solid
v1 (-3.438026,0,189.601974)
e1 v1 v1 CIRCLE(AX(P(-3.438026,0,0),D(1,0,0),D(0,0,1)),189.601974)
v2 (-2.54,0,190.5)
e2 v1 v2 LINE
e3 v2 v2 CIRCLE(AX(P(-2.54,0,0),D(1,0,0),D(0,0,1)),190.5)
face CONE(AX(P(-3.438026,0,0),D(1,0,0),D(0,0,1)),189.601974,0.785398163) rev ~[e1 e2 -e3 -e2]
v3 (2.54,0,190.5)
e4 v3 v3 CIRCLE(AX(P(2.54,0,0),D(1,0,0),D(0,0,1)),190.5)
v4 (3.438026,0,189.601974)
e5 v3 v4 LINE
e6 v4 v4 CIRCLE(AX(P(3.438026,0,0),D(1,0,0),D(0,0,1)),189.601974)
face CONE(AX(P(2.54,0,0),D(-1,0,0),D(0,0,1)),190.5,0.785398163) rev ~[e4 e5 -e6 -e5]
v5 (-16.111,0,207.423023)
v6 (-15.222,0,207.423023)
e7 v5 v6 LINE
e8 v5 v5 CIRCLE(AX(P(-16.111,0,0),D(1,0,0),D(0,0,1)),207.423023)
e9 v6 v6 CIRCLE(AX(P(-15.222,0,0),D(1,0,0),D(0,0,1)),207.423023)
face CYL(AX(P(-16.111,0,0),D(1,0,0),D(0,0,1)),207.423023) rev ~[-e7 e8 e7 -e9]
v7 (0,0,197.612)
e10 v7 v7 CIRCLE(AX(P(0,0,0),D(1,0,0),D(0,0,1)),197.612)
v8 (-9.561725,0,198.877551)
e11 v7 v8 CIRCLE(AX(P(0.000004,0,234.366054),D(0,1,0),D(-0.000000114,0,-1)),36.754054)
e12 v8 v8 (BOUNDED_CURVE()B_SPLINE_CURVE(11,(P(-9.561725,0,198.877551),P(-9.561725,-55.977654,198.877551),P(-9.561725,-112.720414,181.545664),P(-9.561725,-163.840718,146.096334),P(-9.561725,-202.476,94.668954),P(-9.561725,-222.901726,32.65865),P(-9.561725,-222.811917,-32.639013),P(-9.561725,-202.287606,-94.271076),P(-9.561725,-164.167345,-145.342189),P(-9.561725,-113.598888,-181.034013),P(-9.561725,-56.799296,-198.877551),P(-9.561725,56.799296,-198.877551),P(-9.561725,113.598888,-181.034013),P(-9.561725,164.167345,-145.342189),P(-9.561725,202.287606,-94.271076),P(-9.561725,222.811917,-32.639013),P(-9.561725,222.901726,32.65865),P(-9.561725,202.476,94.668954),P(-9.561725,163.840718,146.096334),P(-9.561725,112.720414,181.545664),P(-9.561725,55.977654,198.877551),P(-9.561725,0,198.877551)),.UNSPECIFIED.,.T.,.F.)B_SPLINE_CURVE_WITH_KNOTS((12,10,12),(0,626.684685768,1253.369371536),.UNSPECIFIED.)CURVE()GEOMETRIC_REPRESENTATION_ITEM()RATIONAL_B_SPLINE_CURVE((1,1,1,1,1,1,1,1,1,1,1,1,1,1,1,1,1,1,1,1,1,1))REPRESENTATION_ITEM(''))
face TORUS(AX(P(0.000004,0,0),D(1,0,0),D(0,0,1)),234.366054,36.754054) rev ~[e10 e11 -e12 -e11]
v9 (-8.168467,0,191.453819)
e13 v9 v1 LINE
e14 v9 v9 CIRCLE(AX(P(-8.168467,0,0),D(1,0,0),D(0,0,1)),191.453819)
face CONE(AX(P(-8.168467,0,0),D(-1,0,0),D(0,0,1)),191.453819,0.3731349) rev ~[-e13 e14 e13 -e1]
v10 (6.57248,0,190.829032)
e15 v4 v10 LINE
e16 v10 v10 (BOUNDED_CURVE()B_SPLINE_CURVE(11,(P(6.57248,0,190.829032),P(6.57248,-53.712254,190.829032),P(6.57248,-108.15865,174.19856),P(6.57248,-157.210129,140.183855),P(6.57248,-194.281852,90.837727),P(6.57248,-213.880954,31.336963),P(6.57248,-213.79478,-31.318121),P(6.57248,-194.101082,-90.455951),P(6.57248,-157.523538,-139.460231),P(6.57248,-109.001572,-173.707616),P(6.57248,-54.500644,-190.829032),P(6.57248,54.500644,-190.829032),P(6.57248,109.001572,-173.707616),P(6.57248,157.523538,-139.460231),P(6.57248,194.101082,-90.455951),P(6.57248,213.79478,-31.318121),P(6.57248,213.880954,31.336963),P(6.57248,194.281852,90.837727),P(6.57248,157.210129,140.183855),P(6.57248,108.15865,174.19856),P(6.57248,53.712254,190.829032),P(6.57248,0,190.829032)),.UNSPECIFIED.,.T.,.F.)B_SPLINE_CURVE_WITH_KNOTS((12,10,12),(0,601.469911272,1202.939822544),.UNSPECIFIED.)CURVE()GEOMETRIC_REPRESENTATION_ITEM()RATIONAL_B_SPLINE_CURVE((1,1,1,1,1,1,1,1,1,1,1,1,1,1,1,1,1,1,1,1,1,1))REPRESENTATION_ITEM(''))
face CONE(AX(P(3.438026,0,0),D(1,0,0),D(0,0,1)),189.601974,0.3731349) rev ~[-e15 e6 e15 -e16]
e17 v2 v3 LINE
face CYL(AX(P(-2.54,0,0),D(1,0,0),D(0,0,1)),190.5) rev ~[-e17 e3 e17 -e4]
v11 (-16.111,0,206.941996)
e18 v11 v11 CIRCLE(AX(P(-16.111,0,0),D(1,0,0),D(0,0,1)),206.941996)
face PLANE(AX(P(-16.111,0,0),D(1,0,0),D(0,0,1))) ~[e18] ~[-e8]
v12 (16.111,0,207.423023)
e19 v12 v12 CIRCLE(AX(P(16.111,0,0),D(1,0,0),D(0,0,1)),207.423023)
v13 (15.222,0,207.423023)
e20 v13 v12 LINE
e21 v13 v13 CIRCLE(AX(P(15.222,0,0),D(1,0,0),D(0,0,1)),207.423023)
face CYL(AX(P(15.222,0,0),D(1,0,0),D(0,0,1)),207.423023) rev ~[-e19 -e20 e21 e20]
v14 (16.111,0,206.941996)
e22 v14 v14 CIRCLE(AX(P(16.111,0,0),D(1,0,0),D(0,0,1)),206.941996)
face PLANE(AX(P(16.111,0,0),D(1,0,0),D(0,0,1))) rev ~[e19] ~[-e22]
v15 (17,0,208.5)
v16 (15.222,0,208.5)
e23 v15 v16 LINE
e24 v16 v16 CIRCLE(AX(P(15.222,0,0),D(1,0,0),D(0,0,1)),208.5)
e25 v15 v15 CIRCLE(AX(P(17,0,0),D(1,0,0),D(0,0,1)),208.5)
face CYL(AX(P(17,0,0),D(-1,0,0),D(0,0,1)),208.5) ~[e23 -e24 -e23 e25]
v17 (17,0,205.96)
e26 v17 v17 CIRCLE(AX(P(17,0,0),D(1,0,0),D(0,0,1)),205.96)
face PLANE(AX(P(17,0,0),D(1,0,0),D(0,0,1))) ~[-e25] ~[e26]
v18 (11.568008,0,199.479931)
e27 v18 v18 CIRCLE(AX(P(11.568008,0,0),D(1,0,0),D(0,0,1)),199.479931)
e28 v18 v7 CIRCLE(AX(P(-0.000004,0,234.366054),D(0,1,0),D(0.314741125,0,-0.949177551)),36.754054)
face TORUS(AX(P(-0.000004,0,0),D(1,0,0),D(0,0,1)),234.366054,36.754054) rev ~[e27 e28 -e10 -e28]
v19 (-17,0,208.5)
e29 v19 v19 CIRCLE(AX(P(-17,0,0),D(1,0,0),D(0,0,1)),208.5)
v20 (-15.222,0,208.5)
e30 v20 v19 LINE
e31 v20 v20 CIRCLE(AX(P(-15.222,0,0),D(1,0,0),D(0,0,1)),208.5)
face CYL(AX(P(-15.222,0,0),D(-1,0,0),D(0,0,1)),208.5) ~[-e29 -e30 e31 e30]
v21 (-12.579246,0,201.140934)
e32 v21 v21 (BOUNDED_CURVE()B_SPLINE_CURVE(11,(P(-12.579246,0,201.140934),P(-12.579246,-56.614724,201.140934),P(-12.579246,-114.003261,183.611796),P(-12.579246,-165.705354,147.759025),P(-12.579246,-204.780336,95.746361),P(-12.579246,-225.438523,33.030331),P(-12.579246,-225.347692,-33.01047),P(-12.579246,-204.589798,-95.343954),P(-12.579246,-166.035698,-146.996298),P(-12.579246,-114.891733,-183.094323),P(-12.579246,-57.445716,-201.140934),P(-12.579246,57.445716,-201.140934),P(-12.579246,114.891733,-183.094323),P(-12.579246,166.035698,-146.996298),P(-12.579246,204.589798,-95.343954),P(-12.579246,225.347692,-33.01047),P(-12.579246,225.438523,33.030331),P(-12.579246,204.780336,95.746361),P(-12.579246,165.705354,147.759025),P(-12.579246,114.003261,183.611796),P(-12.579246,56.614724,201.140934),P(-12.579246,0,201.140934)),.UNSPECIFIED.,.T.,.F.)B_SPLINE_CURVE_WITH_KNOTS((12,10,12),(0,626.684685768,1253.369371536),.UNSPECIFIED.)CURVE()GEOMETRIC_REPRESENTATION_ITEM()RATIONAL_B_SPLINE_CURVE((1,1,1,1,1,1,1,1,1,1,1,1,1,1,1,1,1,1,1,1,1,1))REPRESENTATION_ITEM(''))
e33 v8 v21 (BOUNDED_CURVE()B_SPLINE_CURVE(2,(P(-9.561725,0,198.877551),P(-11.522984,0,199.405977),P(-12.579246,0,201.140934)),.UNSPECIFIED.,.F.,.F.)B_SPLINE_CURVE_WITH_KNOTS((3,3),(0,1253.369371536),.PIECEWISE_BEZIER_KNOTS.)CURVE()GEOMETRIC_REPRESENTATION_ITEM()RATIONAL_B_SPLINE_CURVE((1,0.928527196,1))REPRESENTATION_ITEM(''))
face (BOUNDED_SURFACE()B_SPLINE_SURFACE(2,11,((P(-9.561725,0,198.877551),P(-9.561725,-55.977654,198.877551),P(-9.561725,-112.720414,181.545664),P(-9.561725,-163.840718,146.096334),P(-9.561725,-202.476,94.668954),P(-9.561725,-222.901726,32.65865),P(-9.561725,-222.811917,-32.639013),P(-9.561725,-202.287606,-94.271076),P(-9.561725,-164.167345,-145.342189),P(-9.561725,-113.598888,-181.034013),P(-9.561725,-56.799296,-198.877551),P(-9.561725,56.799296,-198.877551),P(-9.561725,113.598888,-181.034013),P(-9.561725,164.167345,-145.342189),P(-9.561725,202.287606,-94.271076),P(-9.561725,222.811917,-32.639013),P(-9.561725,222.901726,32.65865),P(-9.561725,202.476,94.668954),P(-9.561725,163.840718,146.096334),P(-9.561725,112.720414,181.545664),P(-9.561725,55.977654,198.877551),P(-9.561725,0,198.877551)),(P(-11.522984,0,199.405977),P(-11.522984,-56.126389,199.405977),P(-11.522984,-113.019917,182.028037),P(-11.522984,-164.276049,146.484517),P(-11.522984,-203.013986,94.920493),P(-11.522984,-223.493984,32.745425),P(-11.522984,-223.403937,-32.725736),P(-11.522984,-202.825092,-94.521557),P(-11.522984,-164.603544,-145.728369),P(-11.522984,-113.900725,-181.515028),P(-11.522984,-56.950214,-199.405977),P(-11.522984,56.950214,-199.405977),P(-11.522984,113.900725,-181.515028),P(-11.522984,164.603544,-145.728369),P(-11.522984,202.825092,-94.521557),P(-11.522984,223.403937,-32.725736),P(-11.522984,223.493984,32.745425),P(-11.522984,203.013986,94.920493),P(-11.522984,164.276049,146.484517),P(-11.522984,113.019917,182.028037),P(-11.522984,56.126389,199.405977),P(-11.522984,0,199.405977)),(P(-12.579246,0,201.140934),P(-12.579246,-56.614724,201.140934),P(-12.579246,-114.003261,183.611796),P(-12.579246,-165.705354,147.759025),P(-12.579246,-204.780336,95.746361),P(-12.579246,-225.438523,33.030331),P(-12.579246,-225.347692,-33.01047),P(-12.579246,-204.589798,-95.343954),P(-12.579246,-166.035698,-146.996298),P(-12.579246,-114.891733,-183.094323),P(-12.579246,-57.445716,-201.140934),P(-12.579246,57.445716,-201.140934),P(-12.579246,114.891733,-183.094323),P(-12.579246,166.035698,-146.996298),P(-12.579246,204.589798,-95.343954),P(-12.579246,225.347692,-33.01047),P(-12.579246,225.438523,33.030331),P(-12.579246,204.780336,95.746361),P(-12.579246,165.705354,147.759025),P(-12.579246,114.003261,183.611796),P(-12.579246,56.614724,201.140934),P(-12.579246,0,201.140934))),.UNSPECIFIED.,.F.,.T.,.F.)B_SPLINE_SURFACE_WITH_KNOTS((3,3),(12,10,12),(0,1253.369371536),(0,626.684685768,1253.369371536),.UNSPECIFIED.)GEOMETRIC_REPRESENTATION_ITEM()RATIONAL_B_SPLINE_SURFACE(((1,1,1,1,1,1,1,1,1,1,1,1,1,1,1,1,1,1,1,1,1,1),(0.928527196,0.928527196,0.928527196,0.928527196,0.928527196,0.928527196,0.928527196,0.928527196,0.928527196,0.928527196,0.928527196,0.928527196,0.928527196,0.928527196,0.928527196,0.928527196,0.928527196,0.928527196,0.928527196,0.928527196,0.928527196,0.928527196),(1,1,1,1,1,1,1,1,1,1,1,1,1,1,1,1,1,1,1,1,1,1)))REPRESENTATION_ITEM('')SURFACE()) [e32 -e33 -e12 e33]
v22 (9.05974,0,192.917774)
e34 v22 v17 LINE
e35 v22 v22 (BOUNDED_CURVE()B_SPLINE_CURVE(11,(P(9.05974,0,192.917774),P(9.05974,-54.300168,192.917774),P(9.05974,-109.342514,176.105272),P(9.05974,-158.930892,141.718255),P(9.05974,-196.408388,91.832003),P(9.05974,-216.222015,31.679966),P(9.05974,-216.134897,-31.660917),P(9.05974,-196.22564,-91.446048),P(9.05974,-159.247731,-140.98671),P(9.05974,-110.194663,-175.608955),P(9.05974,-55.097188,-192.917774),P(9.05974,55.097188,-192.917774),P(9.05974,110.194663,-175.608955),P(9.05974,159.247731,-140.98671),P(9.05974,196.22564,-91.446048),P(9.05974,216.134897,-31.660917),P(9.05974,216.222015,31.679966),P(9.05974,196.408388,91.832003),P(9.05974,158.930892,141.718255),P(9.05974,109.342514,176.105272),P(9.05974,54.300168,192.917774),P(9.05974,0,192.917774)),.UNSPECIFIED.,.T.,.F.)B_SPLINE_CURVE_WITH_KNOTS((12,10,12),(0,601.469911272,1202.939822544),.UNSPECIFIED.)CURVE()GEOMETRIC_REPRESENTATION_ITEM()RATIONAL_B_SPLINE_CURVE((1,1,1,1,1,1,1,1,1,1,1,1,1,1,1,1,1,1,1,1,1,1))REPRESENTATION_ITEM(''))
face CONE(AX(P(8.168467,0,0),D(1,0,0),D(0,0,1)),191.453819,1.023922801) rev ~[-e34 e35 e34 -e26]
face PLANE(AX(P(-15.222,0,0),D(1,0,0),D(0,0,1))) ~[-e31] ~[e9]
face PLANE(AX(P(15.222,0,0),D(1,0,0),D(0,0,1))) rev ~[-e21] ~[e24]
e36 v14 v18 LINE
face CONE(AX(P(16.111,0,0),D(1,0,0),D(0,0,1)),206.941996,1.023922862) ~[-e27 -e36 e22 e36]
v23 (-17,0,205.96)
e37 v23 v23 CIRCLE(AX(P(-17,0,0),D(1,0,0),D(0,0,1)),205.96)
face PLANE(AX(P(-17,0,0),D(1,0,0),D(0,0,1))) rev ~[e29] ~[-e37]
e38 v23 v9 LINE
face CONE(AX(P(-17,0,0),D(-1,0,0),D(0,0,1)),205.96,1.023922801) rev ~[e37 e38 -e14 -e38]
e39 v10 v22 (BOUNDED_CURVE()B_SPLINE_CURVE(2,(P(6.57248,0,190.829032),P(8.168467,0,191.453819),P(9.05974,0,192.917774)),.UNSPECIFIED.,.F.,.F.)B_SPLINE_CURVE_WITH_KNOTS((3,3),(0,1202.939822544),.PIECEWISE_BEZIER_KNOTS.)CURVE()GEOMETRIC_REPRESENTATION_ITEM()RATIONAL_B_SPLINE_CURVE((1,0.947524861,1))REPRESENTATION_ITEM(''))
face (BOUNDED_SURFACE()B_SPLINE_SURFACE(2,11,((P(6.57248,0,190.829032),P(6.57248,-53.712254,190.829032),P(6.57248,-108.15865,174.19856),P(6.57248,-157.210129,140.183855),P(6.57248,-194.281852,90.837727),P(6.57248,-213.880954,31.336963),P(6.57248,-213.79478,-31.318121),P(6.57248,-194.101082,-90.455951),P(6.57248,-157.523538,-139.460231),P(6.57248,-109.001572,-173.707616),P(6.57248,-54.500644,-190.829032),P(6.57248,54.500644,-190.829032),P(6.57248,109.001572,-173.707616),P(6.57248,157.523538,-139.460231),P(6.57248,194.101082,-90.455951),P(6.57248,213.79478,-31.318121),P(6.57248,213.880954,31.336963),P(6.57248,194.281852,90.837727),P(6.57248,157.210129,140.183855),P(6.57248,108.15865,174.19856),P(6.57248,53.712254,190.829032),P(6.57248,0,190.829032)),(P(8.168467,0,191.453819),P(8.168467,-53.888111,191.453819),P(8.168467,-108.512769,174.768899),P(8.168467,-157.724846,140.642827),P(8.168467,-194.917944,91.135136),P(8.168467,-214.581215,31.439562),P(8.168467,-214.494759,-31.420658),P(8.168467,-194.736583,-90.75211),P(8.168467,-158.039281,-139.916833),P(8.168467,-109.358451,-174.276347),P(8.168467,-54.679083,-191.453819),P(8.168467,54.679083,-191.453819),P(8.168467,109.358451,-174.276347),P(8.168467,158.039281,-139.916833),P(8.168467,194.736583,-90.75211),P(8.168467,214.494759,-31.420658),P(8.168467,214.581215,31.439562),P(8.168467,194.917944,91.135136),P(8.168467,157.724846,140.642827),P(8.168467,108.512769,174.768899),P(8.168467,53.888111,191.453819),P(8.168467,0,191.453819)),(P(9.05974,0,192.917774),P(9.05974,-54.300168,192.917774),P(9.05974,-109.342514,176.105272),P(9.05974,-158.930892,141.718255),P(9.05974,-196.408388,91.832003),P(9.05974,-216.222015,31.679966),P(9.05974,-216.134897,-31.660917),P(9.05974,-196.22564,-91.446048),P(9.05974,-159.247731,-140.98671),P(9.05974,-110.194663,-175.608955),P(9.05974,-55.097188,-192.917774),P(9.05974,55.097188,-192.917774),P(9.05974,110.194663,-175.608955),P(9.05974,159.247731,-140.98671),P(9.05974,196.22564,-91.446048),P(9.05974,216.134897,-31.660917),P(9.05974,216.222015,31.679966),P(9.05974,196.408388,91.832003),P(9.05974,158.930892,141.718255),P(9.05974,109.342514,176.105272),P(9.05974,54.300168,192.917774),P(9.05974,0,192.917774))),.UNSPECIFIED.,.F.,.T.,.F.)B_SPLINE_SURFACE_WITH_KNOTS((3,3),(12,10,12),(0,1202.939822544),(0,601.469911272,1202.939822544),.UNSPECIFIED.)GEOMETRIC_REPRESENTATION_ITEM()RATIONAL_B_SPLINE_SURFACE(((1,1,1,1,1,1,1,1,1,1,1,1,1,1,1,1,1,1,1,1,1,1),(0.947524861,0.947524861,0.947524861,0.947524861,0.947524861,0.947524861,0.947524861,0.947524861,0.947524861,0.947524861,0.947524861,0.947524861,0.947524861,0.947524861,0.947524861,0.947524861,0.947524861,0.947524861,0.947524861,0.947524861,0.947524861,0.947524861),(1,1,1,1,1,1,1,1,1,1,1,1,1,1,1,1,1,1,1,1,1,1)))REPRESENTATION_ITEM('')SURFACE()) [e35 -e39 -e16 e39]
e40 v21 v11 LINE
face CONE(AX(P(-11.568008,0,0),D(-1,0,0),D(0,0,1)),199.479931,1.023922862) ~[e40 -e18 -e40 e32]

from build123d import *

# Parameters (mm, degrees)
F2_R = 5.08


with BuildPart() as f1:
    # F0 (on Front) → F1 (revolve)
    with BuildSketch(Plane.XZ):
        with BuildLine():
            Line((3.438026, 189.601974), (8.168467, 191.453819))
            Line((8.168467, 191.453819), (17, 205.96))
            Line((17, 205.96), (17, 208.5))
            Line((17, 208.5), (15.222, 208.5))
            Line((15.222, 208.5), (15.222, 207.423023))
            Line((15.222, 207.423023), (16.111, 207.423023))
            Line((16.111, 207.423023), (16.111, 206.941996))
            Line((16.111, 206.941996), (11.568008, 199.479931))
            ThreePointArc((11.568008, 199.479931), (5.858924, 198.081988), (0, 197.612))
            ThreePointArc((0, 197.612), (-5.858924, 198.081988), (-11.568008, 199.479931))
            Line((-11.568008, 199.479931), (-16.111, 206.941996))
            Line((-16.111, 206.941996), (-16.111, 207.423023))
            Line((-16.111, 207.423023), (-15.222, 207.423023))
            Line((-15.222, 207.423023), (-15.222, 208.5))
            Line((-15.222, 208.5), (-17, 208.5))
            Line((-17, 208.5), (-17, 205.96))
            Line((-17, 205.96), (-8.168467, 191.453819))
            Line((-8.168467, 191.453819), (-3.438026, 189.601974))
            Line((-3.438026, 189.601974), (-2.54, 190.5))
            Line((-2.54, 190.5), (0, 190.5))
            Line((0, 190.5), (2.54, 190.5))
            Line((2.54, 190.5), (3.438026, 189.601974))
        make_face()
    revolve(axis=Axis((69.086209, 0, 0), (1, 0, 0)))

    # F2
    f2_edges = [f1.edges().sort_by_distance(p)[0] for p in [
        (-11.568008, 0, -199.479931),
        (8.168467, 0, -191.453819),
    ]]
    fillet(f2_edges, radius=F2_R)


solid = f1.part
